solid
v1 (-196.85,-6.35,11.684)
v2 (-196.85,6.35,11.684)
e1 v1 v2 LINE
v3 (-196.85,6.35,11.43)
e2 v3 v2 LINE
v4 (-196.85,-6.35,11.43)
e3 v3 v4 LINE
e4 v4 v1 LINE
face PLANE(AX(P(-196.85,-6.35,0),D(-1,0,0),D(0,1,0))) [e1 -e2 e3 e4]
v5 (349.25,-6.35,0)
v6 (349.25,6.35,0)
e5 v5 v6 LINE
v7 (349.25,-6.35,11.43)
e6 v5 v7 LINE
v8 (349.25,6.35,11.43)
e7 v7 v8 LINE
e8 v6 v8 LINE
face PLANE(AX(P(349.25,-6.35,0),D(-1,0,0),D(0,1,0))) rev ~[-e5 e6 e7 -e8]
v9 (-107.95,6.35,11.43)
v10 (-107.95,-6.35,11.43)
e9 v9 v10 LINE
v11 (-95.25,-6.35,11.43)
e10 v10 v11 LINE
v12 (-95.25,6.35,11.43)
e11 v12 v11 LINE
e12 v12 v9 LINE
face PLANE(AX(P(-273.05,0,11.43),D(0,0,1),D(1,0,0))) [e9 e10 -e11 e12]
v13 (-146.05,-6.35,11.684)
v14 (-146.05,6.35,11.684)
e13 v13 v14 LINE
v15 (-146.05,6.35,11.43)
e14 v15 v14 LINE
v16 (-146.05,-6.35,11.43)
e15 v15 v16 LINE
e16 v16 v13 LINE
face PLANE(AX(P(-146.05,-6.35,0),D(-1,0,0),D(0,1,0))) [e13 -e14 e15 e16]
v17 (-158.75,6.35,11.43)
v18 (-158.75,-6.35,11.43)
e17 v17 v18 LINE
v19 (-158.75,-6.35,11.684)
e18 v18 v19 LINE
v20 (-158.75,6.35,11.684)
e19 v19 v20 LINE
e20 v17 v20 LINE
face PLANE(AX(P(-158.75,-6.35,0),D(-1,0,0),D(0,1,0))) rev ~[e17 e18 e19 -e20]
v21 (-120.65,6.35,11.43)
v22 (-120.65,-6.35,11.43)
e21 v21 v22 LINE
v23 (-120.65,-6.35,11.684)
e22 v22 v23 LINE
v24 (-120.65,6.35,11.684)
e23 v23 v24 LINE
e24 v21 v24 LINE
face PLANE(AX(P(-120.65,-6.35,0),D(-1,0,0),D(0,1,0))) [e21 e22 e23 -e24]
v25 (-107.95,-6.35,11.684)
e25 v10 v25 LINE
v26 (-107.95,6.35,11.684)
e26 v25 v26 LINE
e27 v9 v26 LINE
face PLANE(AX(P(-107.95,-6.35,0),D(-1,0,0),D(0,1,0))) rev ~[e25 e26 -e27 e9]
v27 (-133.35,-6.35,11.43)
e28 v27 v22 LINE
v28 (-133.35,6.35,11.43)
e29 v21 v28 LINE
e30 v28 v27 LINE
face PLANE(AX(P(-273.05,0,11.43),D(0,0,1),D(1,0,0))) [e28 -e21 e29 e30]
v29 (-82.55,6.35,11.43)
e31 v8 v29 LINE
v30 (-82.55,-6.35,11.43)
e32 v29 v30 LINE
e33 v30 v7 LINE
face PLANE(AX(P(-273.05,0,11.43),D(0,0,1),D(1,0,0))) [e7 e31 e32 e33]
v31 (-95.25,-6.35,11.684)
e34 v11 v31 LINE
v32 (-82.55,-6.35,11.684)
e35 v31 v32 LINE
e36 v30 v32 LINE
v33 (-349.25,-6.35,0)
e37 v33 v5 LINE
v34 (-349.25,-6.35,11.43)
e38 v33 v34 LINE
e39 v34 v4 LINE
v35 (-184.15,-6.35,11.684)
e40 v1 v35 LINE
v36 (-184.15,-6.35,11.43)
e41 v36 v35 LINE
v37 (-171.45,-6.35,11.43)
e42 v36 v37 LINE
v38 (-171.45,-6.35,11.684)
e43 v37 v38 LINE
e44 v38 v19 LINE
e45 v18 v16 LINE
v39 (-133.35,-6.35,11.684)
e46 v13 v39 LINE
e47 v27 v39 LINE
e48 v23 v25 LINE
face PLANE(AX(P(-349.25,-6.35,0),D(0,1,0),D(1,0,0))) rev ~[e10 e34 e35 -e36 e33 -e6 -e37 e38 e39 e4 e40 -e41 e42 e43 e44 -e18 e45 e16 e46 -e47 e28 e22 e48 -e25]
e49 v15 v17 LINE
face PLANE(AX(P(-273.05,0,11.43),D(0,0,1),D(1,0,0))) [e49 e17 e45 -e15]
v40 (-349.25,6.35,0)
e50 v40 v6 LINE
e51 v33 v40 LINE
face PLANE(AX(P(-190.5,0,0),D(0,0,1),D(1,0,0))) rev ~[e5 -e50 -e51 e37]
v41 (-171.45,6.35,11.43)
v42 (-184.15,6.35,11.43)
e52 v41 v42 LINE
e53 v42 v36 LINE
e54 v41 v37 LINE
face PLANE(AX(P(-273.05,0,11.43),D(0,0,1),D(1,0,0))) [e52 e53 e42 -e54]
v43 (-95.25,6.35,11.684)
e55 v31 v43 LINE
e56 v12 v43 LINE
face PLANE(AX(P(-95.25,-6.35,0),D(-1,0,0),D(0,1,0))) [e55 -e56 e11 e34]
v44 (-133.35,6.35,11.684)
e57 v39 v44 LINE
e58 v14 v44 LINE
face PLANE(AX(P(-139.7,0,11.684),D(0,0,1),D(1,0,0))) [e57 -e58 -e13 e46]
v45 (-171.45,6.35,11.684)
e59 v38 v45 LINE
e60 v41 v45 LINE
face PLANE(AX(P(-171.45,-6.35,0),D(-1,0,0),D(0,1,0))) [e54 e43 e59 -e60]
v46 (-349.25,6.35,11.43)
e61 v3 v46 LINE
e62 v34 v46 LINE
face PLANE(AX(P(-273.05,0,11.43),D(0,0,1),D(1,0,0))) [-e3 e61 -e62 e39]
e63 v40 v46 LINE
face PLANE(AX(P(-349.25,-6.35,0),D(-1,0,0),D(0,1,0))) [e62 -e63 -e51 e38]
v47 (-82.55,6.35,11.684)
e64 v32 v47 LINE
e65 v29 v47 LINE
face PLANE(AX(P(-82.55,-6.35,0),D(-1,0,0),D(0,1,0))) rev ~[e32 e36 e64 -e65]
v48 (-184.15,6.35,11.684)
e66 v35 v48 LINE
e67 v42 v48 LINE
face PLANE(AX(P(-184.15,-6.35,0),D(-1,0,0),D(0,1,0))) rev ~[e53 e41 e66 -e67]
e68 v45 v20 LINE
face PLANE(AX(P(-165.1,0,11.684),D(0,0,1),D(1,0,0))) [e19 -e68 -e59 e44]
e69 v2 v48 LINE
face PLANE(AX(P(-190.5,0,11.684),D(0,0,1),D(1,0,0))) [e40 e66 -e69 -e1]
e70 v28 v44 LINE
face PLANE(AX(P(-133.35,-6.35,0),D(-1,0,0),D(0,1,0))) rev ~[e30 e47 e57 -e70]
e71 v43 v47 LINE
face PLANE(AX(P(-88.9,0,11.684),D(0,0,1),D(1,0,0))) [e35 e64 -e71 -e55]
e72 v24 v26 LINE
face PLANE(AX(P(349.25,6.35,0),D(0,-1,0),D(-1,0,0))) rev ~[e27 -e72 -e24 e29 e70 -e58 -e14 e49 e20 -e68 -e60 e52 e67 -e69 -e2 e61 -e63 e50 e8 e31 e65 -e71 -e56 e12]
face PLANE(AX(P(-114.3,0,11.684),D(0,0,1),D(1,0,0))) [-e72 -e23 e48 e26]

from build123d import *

# Parameters (mm, degrees)
F0_W     = 152.4
F0_H     = 12.7
F0_W_2   = 12.7
F0_W_3   = 368.3
F1_DEPTH = 11.43
F2_DEPTH = 11.684


with BuildPart() as f1:
    # F0 (on Top) → F1 (new body)
    with BuildSketch(Plane.XY):
        with Locations((-273.05, 0)):
            Rectangle(F0_W, F0_H)
        with Locations((-190.5, 0)):
            Rectangle(F0_W_2, F0_H)
        with Locations((-177.8, 0)):
            Rectangle(F0_W_2, F0_H)
        with Locations((-165.1, 0)):
            Rectangle(F0_W_2, F0_H)
        with Locations((-152.4, 0)):
            Rectangle(F0_W_2, F0_H)
        with Locations((-139.7, 0)):
            Rectangle(F0_W_2, F0_H)
        with Locations((-127, 0)):
            Rectangle(F0_W_2, F0_H)
        with Locations((-114.3, 0)):
            Rectangle(F0_W_2, F0_H)
        with Locations((-101.6, 0)):
            Rectangle(F0_W_2, F0_H)
        with Locations((-88.9, 0)):
            Rectangle(F0_W_2, F0_H)
        with Locations((-76.2, 0)):
            Rectangle(F0_W_2, F0_H)
        with Locations((-63.5, 0)):
            Rectangle(F0_W_2, F0_H)
        with Locations((-50.8, 0)):
            Rectangle(F0_W_2, F0_H)
        with Locations((-38.1, 0)):
            Rectangle(F0_W_2, F0_H)
        with Locations((-25.4, 0)):
            Rectangle(F0_W_2, F0_H)
        with Locations((165.1, 0)):
            Rectangle(F0_W_3, F0_H)
    extrude(amount=F1_DEPTH)

    # F0 (on Top) → F2 (join)
    with BuildSketch(Plane.XY):
        with Locations((-190.5, 0)):
            Rectangle(F0_W_2, F0_H)
        with Locations((-165.1, 0)):
            Rectangle(F0_W_2, F0_H)
        with Locations((-139.7, 0)):
            Rectangle(F0_W_2, F0_H)
        with Locations((-114.3, 0)):
            Rectangle(F0_W_2, F0_H)
        with Locations((-88.9, 0)):
            Rectangle(F0_W_2, F0_H)
    extrude(amount=F2_DEPTH)


solid = f1.part
